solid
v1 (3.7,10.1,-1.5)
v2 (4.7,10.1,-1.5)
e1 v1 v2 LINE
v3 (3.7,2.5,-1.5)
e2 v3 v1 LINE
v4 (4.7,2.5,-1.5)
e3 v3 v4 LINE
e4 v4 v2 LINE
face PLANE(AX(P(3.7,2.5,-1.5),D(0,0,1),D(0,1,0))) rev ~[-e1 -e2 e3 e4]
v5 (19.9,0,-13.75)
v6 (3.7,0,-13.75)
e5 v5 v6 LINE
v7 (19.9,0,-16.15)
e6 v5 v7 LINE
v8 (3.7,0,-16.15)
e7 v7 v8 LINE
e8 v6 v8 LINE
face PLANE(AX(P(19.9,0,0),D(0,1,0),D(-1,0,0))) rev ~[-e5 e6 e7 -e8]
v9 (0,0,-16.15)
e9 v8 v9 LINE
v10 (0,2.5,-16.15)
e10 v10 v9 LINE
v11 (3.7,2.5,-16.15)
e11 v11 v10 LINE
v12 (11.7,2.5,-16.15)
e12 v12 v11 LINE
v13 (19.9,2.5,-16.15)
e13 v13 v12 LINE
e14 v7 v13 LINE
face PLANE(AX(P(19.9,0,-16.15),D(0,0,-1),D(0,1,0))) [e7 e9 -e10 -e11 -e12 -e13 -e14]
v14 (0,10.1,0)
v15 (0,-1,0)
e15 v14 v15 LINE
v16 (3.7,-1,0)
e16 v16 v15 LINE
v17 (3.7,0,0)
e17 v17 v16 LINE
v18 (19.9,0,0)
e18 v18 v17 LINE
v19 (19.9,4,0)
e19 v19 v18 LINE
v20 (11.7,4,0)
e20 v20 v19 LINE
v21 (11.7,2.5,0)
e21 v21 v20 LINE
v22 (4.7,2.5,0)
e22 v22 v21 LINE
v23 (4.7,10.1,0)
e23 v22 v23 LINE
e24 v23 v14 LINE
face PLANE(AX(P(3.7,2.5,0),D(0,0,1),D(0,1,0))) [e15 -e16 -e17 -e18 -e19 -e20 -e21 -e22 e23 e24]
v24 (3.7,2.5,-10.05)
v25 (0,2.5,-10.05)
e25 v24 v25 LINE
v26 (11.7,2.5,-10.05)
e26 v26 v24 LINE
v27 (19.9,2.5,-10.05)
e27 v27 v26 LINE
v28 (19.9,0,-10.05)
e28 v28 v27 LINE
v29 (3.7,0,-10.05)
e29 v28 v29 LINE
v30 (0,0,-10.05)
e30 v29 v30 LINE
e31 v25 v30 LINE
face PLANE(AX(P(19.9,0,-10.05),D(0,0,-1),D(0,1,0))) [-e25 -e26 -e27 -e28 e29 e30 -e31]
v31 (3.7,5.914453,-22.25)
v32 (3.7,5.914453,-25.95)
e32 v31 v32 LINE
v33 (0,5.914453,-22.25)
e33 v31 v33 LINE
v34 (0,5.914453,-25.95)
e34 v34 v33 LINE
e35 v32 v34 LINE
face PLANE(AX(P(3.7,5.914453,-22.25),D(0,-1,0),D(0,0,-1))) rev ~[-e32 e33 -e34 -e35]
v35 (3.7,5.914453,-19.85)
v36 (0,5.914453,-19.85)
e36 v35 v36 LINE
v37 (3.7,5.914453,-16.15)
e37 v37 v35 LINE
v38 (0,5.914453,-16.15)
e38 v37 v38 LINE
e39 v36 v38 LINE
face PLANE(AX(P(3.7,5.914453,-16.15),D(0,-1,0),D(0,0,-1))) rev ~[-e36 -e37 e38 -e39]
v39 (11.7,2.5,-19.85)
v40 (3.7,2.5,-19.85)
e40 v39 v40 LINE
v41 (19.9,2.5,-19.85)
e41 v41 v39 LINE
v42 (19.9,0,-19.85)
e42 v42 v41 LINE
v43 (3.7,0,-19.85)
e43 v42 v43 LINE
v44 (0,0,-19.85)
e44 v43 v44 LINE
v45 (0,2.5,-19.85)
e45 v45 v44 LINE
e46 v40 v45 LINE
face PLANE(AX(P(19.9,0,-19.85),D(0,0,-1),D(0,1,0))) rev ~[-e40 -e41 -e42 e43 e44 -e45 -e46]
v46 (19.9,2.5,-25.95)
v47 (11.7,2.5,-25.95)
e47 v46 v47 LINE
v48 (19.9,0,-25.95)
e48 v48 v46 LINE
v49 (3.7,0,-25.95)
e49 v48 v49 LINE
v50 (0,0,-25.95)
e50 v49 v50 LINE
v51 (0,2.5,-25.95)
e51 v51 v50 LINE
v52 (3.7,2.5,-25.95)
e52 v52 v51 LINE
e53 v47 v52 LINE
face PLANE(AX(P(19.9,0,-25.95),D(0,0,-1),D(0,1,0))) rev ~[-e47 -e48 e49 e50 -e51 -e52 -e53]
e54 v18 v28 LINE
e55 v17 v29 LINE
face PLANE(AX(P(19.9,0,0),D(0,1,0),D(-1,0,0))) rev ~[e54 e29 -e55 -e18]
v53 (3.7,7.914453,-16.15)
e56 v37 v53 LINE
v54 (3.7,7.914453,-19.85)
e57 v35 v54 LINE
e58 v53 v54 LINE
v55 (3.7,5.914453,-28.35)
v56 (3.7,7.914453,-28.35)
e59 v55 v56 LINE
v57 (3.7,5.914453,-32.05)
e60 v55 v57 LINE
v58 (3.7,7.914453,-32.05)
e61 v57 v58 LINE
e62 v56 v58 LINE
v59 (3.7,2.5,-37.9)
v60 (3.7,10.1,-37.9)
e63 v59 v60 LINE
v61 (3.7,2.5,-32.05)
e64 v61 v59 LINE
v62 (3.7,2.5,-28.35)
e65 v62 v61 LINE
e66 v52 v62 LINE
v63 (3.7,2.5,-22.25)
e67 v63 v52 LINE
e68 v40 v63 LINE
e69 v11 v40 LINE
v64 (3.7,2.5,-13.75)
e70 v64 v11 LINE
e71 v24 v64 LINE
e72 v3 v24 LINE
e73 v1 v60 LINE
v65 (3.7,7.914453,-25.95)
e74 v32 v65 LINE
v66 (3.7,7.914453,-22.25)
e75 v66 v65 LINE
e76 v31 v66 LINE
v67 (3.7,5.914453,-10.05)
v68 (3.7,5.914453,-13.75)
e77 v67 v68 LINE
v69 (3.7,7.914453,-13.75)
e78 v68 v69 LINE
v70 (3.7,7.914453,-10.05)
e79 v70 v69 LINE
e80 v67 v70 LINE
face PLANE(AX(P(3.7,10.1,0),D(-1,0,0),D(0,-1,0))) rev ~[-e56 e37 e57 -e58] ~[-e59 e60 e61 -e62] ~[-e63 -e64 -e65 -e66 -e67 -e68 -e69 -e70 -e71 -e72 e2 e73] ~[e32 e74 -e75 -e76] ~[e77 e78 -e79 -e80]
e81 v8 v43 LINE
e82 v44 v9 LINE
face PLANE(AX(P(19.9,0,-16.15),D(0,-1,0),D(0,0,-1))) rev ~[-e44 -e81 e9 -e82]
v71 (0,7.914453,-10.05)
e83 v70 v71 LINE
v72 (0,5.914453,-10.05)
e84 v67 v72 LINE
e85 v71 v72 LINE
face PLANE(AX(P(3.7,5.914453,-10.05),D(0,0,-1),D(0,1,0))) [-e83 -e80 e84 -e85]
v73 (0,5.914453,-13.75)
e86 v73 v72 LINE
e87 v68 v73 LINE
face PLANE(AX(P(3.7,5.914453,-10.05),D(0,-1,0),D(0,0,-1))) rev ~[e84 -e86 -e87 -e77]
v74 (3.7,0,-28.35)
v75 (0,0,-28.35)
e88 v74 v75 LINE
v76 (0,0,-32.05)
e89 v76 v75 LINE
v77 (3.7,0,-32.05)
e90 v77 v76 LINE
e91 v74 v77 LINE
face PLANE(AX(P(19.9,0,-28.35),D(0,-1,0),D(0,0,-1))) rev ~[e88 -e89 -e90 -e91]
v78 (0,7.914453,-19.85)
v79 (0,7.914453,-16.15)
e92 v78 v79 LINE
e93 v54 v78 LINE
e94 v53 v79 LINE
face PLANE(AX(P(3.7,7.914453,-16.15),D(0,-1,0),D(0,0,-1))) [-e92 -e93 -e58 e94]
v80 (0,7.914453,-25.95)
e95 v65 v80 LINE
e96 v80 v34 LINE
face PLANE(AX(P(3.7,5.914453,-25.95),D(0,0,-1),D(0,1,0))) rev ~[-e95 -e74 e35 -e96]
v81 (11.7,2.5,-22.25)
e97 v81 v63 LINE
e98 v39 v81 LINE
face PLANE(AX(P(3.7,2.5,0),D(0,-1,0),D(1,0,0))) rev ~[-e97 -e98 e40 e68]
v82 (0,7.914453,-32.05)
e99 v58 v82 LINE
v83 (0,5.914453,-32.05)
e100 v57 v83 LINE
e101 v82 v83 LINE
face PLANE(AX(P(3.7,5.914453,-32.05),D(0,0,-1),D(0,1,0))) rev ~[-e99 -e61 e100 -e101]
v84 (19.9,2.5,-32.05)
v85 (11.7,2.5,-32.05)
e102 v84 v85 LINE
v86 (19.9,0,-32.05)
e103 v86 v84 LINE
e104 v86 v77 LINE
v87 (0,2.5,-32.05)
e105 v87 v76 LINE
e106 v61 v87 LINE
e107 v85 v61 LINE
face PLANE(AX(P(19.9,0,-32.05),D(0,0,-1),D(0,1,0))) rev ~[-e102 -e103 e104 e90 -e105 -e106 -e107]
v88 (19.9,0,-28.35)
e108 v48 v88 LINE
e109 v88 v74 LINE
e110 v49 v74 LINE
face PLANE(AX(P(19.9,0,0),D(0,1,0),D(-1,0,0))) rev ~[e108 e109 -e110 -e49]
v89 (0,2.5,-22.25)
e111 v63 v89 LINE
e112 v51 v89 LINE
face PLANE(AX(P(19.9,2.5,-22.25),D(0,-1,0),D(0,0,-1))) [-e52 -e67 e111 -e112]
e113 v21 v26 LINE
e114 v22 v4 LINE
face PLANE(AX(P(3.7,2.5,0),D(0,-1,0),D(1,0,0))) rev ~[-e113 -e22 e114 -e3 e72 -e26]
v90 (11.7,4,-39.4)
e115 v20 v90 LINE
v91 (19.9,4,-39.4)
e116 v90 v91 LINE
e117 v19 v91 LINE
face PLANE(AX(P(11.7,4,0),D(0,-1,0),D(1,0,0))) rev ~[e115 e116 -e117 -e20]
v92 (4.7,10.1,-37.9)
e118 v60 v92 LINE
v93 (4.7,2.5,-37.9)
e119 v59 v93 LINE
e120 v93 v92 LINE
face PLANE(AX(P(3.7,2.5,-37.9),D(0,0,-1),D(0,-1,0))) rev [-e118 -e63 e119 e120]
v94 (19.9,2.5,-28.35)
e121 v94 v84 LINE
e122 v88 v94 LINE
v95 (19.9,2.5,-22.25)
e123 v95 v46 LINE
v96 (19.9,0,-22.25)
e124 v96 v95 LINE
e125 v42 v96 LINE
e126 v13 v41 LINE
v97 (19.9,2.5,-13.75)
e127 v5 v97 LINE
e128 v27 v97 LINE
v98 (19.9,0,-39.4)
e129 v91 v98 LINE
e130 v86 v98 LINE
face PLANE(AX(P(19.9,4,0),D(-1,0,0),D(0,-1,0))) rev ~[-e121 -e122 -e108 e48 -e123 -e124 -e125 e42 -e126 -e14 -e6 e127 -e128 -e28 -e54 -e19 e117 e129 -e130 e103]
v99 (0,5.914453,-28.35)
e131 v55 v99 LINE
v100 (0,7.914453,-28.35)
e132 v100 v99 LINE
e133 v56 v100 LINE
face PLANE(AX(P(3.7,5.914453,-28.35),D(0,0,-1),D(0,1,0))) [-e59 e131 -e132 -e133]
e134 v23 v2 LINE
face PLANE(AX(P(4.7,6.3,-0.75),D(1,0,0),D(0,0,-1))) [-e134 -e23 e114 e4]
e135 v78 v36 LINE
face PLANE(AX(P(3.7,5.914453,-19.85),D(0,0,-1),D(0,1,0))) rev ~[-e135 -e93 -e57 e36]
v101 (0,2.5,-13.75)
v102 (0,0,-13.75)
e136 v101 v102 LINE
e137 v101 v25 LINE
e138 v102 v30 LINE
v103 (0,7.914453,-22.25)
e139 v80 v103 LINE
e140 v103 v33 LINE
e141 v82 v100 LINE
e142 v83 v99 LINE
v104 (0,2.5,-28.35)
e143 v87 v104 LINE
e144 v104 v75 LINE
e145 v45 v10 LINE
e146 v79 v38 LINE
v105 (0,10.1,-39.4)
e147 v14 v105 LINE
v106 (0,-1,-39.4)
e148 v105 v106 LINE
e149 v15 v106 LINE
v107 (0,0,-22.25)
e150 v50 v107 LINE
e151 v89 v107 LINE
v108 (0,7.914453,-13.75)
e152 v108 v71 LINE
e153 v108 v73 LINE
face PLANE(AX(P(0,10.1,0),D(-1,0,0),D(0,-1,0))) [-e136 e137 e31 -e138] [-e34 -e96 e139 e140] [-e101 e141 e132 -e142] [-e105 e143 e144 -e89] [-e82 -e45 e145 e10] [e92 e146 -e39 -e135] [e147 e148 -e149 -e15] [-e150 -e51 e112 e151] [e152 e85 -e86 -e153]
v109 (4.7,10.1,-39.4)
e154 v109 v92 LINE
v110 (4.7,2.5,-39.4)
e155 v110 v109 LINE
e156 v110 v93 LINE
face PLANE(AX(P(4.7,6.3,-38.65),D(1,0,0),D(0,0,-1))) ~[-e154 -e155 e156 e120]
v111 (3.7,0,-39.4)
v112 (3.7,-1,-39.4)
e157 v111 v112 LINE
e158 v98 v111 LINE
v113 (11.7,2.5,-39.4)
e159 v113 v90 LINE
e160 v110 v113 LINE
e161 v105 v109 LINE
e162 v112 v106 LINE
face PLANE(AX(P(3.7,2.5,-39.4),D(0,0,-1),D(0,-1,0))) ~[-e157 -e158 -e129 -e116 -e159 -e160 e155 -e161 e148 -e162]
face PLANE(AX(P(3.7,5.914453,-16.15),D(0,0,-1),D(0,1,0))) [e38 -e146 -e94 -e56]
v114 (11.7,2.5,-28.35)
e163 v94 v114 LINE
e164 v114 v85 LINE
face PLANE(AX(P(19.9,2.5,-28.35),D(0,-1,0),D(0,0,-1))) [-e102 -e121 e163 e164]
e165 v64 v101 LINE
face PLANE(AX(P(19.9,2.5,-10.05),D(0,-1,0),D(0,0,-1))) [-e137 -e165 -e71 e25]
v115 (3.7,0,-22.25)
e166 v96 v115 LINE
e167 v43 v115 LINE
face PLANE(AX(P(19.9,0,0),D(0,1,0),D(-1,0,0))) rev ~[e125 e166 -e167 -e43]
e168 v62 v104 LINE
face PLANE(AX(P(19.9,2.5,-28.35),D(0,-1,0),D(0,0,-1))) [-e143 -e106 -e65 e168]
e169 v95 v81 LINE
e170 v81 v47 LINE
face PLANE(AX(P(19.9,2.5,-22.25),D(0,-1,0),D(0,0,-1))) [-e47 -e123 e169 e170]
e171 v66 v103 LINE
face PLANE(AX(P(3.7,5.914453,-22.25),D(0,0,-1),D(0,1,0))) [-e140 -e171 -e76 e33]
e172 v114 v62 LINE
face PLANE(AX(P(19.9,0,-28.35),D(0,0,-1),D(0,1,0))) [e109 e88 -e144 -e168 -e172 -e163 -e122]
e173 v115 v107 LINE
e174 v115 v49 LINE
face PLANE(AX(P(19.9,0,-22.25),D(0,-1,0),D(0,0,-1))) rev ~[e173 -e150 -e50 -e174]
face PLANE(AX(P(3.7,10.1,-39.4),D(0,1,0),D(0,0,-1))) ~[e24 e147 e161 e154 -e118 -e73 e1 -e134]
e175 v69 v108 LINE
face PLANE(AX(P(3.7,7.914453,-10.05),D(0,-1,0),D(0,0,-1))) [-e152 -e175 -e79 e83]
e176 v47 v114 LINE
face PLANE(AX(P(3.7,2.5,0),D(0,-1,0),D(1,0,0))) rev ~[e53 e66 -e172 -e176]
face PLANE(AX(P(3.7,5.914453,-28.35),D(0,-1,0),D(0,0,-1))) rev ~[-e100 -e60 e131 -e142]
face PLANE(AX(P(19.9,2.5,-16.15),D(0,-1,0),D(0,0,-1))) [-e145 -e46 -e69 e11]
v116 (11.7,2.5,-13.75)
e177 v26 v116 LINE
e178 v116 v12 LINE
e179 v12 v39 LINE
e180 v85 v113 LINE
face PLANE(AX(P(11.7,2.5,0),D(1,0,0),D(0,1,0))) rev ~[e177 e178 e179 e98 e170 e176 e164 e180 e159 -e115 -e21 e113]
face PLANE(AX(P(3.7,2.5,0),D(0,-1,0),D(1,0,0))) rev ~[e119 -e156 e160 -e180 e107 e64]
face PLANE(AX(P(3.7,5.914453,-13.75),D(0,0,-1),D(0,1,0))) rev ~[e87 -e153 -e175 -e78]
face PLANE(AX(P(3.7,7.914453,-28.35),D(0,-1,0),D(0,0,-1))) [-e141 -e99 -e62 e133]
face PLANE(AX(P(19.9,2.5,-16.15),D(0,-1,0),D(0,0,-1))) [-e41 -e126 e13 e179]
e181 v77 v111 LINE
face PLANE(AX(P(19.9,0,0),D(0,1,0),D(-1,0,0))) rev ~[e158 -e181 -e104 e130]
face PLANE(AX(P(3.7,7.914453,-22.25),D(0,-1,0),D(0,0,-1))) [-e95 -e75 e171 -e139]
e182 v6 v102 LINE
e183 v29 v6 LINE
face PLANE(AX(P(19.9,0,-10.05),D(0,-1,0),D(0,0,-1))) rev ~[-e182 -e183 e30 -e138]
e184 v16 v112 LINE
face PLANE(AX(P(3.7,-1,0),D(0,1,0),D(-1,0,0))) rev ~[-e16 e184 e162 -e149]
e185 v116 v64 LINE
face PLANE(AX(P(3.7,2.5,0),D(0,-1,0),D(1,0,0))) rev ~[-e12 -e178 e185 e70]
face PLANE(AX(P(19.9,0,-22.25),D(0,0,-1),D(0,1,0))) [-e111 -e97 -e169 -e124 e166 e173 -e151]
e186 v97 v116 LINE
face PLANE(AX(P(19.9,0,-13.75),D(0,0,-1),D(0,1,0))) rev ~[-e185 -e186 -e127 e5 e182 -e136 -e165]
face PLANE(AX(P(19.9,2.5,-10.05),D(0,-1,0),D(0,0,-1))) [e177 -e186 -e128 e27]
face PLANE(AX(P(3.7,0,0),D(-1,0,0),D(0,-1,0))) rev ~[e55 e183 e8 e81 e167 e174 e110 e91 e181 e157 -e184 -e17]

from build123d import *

# Parameters (mm, degrees)
RESSALTO_EXTRUS_O1_DEPTH = 39.4
ESBO_O2_W                = 3.7
ESBO_O2_H                = 2.5
CORTE_EXTRUS_O1_DEPTH    = 46.281121894
ESBO_O3_W                = 3.7
ESBO_O3_H                = 2
CORTE_EXTRUS_O2_DEPTH    = 10
PADR_O_LINEAR1_COUNT     = 4
PADR_O_LINEAR1_PITCH     = 6.1
ESBO_O5_W                = 1.5
ESBO_O5_H                = 7.6
RESSALTO_EXTRUS_O2_DEPTH = 1


with BuildPart() as part:
    # Esboço1 → Ressalto-extrusão1 (new body)
    with BuildSketch(Plane.XY):
        Polygon((0, 0), (0, 10.1), (3.7, 10.1), (3.7, 2.5), (11.7, 2.5), (11.7, 4), (19.9, 4), (19.9, 0), (3.7, 0), (3.7, -1), (0, -1), align=None)
    extrude(amount=-RESSALTO_EXTRUS_O1_DEPTH)

    # Esboço2 → Corte-extrusão1 (cut, through all)
    with BuildSketch(Plane(origin=(19.9, 0, 0), x_dir=(0, 0, -1), z_dir=(1, 0, 0))):
        with Locations((11.9, 1.25)):
            Rectangle(ESBO_O2_W, ESBO_O2_H)
    corte_extrus_o1 = extrude(amount=-CORTE_EXTRUS_O1_DEPTH, mode=Mode.SUBTRACT)

    # Esboço3 → Corte-extrusão2 (cut)
    with BuildSketch(Plane(origin=(3.7, 0, 0), x_dir=(0, 0, -1), z_dir=(1, 0, 0))):
        with Locations((11.9, 6.914453418)):
            Rectangle(ESBO_O3_W, ESBO_O3_H)
    corte_extrus_o2 = extrude(amount=-CORTE_EXTRUS_O2_DEPTH, mode=Mode.SUBTRACT)

    # Padrão linear1: Corte-extrusão1, Corte-extrusão2 ×4
    with Locations(*[(0, 0, -i * PADR_O_LINEAR1_PITCH) for i in range(1, PADR_O_LINEAR1_COUNT)]):
        add(corte_extrus_o1, mode=Mode.SUBTRACT)
        add(corte_extrus_o2, mode=Mode.SUBTRACT)

    # Esboço5 → Ressalto-extrusão2 (add)
    with BuildSketch(Plane(origin=(3.7, 0, 0), x_dir=(0, 0, -1), z_dir=(1, 0, 0))):
        with Locations((0.75, 6.3)):
            Rectangle(ESBO_O5_W, ESBO_O5_H)
    ressalto_extrus_o2 = extrude(amount=RESSALTO_EXTRUS_O2_DEPTH)

    # Espelhar1: Ressalto-extrusão2 across plane
    add(ressalto_extrus_o2.mirror(Plane.XY.offset(-19.7)))


solid = part.part
